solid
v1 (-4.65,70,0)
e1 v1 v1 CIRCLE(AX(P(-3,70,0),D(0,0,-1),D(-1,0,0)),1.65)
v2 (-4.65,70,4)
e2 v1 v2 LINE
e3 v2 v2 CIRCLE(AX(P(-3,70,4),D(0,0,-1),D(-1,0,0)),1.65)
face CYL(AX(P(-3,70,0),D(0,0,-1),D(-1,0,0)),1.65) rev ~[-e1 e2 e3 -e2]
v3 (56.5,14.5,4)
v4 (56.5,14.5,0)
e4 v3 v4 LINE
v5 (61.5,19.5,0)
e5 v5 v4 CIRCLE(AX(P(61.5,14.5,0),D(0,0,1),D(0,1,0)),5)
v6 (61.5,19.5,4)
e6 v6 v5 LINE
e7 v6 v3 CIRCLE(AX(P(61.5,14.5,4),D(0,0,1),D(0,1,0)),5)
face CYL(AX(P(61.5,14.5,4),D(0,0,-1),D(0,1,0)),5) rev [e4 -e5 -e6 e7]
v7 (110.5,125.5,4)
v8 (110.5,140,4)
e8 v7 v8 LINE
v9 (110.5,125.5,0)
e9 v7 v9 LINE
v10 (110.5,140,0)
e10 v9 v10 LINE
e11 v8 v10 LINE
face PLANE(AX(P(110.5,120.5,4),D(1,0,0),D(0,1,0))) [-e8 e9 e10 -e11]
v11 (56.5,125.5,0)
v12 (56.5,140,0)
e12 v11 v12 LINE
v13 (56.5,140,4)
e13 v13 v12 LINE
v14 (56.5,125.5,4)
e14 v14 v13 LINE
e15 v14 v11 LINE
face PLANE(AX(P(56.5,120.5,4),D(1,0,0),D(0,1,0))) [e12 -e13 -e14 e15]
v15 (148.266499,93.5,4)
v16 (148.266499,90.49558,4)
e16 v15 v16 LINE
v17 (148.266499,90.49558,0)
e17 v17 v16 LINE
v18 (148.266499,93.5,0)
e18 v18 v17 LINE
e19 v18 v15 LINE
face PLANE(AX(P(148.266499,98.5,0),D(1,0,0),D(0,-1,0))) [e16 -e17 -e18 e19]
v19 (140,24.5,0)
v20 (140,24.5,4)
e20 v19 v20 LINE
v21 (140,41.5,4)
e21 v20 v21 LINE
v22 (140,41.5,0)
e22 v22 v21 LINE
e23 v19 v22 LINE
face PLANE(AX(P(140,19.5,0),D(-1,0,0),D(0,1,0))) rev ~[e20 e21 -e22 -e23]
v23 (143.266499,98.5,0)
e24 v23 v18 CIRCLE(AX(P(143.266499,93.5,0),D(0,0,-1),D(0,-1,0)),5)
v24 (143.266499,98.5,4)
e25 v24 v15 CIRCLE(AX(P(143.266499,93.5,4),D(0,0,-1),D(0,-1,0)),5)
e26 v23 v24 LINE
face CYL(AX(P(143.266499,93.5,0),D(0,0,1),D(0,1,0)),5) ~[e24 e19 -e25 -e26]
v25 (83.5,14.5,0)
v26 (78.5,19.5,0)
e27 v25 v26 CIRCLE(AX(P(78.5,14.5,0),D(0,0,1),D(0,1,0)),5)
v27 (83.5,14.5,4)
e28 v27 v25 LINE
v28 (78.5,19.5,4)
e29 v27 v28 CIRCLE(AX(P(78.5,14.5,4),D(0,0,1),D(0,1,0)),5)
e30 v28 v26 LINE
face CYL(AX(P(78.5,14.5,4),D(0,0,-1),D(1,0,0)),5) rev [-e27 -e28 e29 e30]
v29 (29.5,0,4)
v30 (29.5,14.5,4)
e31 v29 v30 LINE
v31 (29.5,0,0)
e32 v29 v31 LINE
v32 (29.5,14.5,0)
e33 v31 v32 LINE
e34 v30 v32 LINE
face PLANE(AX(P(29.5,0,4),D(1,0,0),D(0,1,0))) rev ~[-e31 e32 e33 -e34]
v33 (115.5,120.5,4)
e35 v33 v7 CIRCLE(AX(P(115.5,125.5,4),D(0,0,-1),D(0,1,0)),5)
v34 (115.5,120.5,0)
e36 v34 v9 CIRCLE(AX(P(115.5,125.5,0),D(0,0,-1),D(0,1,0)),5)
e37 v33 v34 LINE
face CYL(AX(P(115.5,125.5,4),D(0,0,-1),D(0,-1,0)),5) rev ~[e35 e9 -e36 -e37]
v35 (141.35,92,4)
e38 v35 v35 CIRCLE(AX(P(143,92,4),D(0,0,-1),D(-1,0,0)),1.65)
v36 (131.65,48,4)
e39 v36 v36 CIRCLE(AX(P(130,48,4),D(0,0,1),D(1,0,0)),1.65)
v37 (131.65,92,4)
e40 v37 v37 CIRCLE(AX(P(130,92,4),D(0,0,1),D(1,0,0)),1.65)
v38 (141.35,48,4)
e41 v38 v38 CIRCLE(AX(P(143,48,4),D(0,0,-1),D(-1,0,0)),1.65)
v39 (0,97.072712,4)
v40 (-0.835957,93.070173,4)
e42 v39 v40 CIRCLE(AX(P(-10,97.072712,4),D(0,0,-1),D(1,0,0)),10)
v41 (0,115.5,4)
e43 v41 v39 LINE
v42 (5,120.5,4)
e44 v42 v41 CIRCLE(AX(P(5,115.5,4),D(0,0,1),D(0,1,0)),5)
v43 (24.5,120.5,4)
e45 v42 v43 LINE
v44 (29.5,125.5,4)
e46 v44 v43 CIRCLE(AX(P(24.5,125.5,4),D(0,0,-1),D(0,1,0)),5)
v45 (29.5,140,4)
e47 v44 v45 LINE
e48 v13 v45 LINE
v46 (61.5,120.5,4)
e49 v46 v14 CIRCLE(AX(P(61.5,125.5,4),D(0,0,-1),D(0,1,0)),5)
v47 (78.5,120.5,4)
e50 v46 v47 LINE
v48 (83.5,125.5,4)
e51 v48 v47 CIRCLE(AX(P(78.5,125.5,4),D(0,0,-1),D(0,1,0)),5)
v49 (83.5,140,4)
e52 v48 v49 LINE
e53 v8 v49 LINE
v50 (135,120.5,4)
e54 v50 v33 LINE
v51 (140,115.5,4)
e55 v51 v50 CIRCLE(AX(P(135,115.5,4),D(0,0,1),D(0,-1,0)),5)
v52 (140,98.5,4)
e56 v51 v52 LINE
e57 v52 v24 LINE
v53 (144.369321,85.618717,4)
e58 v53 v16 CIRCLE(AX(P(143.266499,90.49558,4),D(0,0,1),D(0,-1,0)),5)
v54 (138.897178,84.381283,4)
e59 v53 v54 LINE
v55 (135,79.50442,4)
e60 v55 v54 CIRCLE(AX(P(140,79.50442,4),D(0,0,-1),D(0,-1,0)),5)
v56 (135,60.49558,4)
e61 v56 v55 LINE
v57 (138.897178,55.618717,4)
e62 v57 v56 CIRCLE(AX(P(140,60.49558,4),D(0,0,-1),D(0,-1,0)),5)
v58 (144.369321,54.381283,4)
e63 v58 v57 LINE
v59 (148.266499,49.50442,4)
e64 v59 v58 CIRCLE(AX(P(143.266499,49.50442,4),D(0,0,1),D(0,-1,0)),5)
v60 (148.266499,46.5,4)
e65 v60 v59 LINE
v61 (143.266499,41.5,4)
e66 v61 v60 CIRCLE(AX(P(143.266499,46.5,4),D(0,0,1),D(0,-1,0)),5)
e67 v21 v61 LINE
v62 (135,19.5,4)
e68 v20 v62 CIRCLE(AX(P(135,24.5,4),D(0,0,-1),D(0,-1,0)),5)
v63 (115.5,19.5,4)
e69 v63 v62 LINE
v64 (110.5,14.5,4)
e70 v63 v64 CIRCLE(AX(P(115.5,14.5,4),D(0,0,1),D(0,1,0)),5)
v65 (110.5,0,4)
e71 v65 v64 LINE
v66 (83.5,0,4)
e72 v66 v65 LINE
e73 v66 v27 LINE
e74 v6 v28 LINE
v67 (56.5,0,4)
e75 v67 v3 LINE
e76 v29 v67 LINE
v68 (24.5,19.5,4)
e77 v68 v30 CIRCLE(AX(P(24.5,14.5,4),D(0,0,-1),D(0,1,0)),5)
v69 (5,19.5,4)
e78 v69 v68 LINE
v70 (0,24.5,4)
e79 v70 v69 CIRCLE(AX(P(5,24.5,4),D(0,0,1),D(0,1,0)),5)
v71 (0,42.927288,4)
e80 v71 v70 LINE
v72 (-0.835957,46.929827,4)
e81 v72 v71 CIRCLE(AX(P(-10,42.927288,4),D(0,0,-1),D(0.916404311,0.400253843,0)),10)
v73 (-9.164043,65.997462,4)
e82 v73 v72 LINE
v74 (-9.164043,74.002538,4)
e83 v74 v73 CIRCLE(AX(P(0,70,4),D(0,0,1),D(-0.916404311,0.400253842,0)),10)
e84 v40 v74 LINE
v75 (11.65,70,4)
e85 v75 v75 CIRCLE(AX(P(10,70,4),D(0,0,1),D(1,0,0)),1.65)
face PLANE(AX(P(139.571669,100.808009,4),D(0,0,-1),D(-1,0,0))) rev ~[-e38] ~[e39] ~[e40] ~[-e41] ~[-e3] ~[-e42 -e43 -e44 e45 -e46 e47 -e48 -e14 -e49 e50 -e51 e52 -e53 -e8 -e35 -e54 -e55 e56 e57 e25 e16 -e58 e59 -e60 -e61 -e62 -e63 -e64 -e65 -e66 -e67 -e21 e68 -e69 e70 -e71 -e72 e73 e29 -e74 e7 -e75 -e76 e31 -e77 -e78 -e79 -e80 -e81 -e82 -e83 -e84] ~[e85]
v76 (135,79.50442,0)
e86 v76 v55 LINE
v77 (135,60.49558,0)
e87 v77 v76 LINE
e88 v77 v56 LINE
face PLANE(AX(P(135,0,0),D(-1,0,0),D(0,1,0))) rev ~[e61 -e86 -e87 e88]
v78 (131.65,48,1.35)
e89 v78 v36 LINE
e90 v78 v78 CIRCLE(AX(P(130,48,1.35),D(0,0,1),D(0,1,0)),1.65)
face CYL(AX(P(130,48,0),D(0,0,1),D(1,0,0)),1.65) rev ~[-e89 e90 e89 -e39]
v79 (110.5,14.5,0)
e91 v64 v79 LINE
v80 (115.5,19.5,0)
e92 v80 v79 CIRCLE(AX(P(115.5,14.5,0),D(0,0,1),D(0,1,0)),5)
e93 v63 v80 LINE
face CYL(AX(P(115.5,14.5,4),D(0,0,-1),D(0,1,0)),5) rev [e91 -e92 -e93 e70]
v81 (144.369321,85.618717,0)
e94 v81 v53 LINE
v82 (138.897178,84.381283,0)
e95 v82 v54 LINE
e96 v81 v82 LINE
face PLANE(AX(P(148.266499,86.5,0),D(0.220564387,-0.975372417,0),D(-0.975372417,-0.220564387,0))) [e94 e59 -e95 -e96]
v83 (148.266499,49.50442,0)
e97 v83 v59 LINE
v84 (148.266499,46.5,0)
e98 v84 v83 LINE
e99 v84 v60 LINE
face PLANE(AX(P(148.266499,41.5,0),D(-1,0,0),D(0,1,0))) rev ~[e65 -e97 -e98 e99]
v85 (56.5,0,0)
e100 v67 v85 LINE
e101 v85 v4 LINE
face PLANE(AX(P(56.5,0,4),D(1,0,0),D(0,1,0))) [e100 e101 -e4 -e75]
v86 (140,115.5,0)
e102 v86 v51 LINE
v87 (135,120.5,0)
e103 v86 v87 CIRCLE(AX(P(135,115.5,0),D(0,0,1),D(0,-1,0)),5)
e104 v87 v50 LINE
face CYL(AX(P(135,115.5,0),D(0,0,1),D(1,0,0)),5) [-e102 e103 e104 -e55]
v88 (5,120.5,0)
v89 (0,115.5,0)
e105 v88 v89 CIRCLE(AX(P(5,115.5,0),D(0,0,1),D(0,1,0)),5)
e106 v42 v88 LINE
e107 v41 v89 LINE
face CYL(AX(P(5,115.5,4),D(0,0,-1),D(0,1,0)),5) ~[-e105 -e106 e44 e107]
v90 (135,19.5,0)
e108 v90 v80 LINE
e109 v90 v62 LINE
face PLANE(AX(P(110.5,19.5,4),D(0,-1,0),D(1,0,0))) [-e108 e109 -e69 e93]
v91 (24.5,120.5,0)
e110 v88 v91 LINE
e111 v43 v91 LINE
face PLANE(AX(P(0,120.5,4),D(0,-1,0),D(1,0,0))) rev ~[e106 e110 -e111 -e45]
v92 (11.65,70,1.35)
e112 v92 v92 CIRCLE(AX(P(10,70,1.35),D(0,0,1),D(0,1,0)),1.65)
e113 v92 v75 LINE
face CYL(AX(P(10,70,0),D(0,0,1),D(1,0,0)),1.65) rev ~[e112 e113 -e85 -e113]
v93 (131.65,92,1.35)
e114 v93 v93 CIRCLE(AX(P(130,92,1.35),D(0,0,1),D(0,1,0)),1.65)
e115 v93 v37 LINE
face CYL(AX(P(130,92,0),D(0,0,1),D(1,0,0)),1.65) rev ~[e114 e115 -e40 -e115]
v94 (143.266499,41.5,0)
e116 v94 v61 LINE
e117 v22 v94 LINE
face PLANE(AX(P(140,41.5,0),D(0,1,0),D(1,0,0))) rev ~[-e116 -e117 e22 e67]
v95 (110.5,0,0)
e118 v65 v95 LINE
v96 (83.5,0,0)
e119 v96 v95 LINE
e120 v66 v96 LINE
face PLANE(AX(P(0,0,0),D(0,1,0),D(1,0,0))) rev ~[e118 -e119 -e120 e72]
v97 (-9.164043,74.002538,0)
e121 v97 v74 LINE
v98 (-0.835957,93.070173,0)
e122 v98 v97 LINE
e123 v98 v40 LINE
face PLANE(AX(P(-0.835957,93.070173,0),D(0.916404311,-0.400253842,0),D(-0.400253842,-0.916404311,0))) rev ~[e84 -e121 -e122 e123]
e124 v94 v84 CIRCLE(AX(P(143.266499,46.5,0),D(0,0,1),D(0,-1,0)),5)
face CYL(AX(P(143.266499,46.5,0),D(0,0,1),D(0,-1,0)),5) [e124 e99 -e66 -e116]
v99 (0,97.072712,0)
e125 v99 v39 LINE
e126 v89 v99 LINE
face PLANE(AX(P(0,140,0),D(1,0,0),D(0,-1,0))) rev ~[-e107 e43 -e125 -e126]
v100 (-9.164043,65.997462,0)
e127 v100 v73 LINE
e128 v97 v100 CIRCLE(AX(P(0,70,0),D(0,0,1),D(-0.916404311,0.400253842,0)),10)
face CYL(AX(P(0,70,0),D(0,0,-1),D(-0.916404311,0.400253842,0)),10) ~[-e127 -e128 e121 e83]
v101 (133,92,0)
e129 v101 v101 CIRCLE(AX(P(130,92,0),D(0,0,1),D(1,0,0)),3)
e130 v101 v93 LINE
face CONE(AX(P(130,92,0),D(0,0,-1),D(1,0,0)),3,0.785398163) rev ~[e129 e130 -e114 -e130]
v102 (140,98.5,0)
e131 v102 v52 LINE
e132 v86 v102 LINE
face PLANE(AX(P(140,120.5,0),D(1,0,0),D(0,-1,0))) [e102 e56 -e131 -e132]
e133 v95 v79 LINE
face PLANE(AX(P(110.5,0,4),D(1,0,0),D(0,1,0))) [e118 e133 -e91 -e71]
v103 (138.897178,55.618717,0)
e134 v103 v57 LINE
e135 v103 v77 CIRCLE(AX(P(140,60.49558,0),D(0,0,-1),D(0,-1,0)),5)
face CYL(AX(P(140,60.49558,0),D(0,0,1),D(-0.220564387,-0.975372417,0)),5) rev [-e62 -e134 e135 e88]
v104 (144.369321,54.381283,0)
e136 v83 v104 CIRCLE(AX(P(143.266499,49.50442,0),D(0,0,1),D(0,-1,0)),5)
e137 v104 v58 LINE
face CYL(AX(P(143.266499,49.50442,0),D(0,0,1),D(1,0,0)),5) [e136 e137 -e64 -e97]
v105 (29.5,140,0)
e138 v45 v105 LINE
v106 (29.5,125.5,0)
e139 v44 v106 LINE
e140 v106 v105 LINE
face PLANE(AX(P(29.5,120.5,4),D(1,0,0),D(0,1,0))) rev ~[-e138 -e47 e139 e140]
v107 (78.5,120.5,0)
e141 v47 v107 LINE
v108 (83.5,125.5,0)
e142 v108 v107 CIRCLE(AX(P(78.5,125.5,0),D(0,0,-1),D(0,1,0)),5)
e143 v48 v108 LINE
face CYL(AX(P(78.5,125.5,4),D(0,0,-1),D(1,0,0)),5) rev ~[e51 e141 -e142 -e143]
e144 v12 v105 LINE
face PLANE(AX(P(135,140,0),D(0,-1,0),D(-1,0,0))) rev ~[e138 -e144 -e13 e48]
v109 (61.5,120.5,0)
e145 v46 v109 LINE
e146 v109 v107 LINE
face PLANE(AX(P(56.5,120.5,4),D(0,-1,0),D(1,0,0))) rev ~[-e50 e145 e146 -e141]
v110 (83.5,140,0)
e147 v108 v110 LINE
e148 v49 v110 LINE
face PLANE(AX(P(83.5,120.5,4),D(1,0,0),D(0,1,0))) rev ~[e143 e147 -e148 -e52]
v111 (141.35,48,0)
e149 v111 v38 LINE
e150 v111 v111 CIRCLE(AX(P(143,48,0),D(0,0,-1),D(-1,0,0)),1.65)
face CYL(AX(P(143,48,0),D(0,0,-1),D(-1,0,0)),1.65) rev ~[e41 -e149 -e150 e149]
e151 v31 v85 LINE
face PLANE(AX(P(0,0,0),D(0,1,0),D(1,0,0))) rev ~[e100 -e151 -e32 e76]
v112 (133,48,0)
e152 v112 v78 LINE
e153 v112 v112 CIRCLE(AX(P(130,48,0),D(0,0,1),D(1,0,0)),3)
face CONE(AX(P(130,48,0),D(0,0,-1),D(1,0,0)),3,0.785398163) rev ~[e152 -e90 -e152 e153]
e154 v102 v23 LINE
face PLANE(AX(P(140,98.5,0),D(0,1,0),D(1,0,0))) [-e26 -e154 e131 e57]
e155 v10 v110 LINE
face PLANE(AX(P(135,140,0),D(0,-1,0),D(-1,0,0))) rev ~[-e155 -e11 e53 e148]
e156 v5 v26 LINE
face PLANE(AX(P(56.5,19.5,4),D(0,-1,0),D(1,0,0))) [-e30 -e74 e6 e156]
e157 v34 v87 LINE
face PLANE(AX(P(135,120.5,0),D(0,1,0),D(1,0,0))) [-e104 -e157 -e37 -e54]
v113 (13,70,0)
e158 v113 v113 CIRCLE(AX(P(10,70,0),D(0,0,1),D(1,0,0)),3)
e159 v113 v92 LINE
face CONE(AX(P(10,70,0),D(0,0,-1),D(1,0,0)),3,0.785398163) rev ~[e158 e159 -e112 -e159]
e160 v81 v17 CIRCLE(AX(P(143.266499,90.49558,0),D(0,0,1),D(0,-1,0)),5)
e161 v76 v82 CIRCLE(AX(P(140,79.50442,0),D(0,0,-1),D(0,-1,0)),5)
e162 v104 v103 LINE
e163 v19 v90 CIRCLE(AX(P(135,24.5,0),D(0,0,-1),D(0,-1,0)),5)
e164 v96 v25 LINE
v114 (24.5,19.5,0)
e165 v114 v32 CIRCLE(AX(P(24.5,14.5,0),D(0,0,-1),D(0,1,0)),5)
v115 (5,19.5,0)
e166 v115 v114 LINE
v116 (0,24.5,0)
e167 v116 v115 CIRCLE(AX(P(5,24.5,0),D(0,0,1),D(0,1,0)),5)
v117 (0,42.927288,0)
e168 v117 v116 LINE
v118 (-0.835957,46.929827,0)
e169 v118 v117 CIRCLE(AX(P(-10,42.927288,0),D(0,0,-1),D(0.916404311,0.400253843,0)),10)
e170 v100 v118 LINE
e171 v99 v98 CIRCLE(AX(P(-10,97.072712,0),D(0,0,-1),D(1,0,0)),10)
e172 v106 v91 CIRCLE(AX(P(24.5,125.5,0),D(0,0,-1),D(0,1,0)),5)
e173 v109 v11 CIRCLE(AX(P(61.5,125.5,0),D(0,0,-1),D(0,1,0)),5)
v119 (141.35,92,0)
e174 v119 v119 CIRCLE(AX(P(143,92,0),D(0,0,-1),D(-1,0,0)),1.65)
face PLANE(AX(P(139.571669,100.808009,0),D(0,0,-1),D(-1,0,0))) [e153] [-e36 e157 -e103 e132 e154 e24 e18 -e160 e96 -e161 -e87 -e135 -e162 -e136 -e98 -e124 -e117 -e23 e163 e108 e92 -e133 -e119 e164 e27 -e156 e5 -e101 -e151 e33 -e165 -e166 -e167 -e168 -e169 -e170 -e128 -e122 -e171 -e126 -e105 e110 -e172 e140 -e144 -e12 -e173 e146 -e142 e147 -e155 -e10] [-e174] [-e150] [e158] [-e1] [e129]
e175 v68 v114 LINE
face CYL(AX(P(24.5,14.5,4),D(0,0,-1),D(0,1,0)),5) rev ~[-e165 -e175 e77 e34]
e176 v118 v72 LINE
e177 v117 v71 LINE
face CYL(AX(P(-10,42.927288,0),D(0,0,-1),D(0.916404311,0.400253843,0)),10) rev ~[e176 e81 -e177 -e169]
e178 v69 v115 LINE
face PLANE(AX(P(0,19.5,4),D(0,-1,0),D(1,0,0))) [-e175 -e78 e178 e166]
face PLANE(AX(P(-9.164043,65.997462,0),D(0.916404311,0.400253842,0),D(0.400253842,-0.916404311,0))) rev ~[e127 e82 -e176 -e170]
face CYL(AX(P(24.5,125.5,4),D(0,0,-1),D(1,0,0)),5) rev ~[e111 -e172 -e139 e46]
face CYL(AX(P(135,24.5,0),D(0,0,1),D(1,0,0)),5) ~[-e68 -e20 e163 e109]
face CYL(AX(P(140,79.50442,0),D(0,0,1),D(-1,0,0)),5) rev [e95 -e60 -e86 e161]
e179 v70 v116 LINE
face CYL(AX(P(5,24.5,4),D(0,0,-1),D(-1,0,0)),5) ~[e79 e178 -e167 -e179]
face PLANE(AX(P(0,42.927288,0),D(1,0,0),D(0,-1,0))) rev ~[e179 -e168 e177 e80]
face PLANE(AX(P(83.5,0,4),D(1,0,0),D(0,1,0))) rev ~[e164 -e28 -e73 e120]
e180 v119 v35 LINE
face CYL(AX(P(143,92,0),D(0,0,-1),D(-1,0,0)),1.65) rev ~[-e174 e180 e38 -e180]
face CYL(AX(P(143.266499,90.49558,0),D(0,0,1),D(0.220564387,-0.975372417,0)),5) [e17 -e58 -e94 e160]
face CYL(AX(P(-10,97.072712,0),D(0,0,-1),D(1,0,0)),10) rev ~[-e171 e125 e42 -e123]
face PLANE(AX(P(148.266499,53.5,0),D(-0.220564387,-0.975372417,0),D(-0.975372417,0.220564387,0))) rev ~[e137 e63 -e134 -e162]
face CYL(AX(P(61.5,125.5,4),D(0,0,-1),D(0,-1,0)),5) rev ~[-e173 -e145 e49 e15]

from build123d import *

# Parameters (mm, degrees)
BOSS_EXTRUDE1_DEPTH                             = 4
SKETCH3_W                                       = 29.5
SKETCH3_H                                       = 19.5
SKETCH3_W_2                                     = 27
CUT_EXTRUDE3_DEPTH                              = 195.527632999
BOSS_EXTRUDE2_DEPTH                             = 4
FILLET5_R                                       = 5
CSK_FOR_M3_FLAT_HEAD_MACHINE_SCREW1_D           = 3.3
CSK_FOR_M3_FLAT_HEAD_MACHINE_SCREW1_CSINK_D     = 6
CSK_FOR_M3_FLAT_HEAD_MACHINE_SCREW1_CSINK_ANGLE = 90
SKETCH8_R                                       = 1.65
CUT_EXTRUDE4_DEPTH                              = 204.958218206
FILLET6_R                                       = 5


with BuildPart() as part:
    # Sketch1 → Boss-Extrude1 (new body)
    with BuildSketch(Plane.XY):
        with BuildLine():
            Line((0, 0), (135, 0))
            Line((135, 0), (135, 140))
            Line((135, 140), (0, 140))
            Line((0, 140), (0, 97.072711728))
            ThreePointArc((0, 97.072711728), (-0.211219914, 95.028259617), (-0.835956887, 93.070173307))
            Line((-0.835956887, 93.070173307), (-9.164043113, 74.002538421))
            ThreePointArc((-9.164043113, 74.002538421), (-10, 70), (-9.164043113, 65.997461579))
            Line((-9.164043113, 65.997461579), (-0.835956887, 46.929826693))
            ThreePointArc((-0.835956887, 46.929826693), (-0.211219914, 44.971740383), (0, 42.927288272))
            Line((0, 42.927288272), (0, 0))
        make_face()
    extrude(amount=BOSS_EXTRUDE1_DEPTH)

    # Sketch3 → Cut-Extrude3 (cut, through all)
    with BuildSketch(Plane.XY.offset(4)):
        with Locations((14.75, 9.75)):
            Rectangle(SKETCH3_W, SKETCH3_H)
        with Locations((70, 9.75)):
            Rectangle(SKETCH3_W_2, SKETCH3_H)
        with Locations((125.25, 130.25)):
            Rectangle(SKETCH3_W, SKETCH3_H)
        with Locations((125.25, 9.75)):
            Rectangle(SKETCH3_W, SKETCH3_H)
        with Locations((14.75, 130.25)):
            Rectangle(SKETCH3_W, SKETCH3_H)
        with Locations((70, 130.25)):
            Rectangle(SKETCH3_W_2, SKETCH3_H)
    extrude(amount=-CUT_EXTRUDE3_DEPTH, mode=Mode.SUBTRACT)

    # Sketch9 → Boss-Extrude2 (add)
    with BuildSketch(Plane(origin=(0, 0, 0), x_dir=(-1, 0, 0), z_dir=(0, 0, -1))):
        Polygon((-140, 98.5), (-148.266499161, 98.5), (-148.266499161, 86.5), (-135, 83.5), (-135, 105.5), (-135, 120.5), (-140, 120.5), align=None)
        Polygon((-140, 19.5), (-140, 41.5), (-148.266499161, 41.5), (-148.266499161, 53.5), (-135, 56.5), (-135, 34.5), (-135, 19.5), align=None)
    extrude(amount=-BOSS_EXTRUDE2_DEPTH)

    # Fillet5
    fillet5_edges = [part.edges().sort_by_distance(p)[0] for p in [
        (135, 83.5, 2),
        (148.266499161, 86.5, 2),
        (148.266499161, 98.5, 2),
        (148.266499161, 41.5, 2),
        (148.266499161, 53.5, 2),
        (135, 56.5, 2),
    ]]
    fillet(fillet5_edges, radius=FILLET5_R)

    # CSK for M3 Flat Head Machine Screw1 (through all)
    with Locations(Plane(origin=(0, 0, 0), x_dir=(-1, 0, 0), z_dir=(0, 0, -1))):
        with Locations((-10, 70), (-130, 92), (-130, 48)):
            CounterSinkHole(CSK_FOR_M3_FLAT_HEAD_MACHINE_SCREW1_D / 2, CSK_FOR_M3_FLAT_HEAD_MACHINE_SCREW1_CSINK_D / 2, counter_sink_angle=CSK_FOR_M3_FLAT_HEAD_MACHINE_SCREW1_CSINK_ANGLE)

    # Sketch8 → Cut-Extrude4 (cut, through all)
    with BuildSketch(Plane(origin=(0, 0, 0), x_dir=(-1, 0, 0), z_dir=(0, 0, -1))):
        with Locations((3, 70)):
            Circle(SKETCH8_R)
        with Locations((-143, 92)):
            Circle(SKETCH8_R)
        with Locations((-143, 48)):
            Circle(SKETCH8_R)
    extrude(amount=-CUT_EXTRUDE4_DEPTH, mode=Mode.SUBTRACT)

    # Fillet6
    fillet6_edges = [part.edges().sort_by_distance(p)[0] for p in [
        (83.5, 120.5, 2),
        (56.5, 120.5, 2),
        (140, 120.5, 2),
        (140, 19.5, 2),
        (0, 19.5, 2),
        (29.5, 19.5, 2),
        (56.5, 19.5, 2),
        (83.5, 19.5, 2),
        (110.5, 19.5, 2),
        (110.5, 120.5, 2),
        (29.5, 120.5, 2),
        (0, 120.5, 2),
    ]]
    fillet(fillet6_edges, radius=FILLET6_R)


solid = part.part
